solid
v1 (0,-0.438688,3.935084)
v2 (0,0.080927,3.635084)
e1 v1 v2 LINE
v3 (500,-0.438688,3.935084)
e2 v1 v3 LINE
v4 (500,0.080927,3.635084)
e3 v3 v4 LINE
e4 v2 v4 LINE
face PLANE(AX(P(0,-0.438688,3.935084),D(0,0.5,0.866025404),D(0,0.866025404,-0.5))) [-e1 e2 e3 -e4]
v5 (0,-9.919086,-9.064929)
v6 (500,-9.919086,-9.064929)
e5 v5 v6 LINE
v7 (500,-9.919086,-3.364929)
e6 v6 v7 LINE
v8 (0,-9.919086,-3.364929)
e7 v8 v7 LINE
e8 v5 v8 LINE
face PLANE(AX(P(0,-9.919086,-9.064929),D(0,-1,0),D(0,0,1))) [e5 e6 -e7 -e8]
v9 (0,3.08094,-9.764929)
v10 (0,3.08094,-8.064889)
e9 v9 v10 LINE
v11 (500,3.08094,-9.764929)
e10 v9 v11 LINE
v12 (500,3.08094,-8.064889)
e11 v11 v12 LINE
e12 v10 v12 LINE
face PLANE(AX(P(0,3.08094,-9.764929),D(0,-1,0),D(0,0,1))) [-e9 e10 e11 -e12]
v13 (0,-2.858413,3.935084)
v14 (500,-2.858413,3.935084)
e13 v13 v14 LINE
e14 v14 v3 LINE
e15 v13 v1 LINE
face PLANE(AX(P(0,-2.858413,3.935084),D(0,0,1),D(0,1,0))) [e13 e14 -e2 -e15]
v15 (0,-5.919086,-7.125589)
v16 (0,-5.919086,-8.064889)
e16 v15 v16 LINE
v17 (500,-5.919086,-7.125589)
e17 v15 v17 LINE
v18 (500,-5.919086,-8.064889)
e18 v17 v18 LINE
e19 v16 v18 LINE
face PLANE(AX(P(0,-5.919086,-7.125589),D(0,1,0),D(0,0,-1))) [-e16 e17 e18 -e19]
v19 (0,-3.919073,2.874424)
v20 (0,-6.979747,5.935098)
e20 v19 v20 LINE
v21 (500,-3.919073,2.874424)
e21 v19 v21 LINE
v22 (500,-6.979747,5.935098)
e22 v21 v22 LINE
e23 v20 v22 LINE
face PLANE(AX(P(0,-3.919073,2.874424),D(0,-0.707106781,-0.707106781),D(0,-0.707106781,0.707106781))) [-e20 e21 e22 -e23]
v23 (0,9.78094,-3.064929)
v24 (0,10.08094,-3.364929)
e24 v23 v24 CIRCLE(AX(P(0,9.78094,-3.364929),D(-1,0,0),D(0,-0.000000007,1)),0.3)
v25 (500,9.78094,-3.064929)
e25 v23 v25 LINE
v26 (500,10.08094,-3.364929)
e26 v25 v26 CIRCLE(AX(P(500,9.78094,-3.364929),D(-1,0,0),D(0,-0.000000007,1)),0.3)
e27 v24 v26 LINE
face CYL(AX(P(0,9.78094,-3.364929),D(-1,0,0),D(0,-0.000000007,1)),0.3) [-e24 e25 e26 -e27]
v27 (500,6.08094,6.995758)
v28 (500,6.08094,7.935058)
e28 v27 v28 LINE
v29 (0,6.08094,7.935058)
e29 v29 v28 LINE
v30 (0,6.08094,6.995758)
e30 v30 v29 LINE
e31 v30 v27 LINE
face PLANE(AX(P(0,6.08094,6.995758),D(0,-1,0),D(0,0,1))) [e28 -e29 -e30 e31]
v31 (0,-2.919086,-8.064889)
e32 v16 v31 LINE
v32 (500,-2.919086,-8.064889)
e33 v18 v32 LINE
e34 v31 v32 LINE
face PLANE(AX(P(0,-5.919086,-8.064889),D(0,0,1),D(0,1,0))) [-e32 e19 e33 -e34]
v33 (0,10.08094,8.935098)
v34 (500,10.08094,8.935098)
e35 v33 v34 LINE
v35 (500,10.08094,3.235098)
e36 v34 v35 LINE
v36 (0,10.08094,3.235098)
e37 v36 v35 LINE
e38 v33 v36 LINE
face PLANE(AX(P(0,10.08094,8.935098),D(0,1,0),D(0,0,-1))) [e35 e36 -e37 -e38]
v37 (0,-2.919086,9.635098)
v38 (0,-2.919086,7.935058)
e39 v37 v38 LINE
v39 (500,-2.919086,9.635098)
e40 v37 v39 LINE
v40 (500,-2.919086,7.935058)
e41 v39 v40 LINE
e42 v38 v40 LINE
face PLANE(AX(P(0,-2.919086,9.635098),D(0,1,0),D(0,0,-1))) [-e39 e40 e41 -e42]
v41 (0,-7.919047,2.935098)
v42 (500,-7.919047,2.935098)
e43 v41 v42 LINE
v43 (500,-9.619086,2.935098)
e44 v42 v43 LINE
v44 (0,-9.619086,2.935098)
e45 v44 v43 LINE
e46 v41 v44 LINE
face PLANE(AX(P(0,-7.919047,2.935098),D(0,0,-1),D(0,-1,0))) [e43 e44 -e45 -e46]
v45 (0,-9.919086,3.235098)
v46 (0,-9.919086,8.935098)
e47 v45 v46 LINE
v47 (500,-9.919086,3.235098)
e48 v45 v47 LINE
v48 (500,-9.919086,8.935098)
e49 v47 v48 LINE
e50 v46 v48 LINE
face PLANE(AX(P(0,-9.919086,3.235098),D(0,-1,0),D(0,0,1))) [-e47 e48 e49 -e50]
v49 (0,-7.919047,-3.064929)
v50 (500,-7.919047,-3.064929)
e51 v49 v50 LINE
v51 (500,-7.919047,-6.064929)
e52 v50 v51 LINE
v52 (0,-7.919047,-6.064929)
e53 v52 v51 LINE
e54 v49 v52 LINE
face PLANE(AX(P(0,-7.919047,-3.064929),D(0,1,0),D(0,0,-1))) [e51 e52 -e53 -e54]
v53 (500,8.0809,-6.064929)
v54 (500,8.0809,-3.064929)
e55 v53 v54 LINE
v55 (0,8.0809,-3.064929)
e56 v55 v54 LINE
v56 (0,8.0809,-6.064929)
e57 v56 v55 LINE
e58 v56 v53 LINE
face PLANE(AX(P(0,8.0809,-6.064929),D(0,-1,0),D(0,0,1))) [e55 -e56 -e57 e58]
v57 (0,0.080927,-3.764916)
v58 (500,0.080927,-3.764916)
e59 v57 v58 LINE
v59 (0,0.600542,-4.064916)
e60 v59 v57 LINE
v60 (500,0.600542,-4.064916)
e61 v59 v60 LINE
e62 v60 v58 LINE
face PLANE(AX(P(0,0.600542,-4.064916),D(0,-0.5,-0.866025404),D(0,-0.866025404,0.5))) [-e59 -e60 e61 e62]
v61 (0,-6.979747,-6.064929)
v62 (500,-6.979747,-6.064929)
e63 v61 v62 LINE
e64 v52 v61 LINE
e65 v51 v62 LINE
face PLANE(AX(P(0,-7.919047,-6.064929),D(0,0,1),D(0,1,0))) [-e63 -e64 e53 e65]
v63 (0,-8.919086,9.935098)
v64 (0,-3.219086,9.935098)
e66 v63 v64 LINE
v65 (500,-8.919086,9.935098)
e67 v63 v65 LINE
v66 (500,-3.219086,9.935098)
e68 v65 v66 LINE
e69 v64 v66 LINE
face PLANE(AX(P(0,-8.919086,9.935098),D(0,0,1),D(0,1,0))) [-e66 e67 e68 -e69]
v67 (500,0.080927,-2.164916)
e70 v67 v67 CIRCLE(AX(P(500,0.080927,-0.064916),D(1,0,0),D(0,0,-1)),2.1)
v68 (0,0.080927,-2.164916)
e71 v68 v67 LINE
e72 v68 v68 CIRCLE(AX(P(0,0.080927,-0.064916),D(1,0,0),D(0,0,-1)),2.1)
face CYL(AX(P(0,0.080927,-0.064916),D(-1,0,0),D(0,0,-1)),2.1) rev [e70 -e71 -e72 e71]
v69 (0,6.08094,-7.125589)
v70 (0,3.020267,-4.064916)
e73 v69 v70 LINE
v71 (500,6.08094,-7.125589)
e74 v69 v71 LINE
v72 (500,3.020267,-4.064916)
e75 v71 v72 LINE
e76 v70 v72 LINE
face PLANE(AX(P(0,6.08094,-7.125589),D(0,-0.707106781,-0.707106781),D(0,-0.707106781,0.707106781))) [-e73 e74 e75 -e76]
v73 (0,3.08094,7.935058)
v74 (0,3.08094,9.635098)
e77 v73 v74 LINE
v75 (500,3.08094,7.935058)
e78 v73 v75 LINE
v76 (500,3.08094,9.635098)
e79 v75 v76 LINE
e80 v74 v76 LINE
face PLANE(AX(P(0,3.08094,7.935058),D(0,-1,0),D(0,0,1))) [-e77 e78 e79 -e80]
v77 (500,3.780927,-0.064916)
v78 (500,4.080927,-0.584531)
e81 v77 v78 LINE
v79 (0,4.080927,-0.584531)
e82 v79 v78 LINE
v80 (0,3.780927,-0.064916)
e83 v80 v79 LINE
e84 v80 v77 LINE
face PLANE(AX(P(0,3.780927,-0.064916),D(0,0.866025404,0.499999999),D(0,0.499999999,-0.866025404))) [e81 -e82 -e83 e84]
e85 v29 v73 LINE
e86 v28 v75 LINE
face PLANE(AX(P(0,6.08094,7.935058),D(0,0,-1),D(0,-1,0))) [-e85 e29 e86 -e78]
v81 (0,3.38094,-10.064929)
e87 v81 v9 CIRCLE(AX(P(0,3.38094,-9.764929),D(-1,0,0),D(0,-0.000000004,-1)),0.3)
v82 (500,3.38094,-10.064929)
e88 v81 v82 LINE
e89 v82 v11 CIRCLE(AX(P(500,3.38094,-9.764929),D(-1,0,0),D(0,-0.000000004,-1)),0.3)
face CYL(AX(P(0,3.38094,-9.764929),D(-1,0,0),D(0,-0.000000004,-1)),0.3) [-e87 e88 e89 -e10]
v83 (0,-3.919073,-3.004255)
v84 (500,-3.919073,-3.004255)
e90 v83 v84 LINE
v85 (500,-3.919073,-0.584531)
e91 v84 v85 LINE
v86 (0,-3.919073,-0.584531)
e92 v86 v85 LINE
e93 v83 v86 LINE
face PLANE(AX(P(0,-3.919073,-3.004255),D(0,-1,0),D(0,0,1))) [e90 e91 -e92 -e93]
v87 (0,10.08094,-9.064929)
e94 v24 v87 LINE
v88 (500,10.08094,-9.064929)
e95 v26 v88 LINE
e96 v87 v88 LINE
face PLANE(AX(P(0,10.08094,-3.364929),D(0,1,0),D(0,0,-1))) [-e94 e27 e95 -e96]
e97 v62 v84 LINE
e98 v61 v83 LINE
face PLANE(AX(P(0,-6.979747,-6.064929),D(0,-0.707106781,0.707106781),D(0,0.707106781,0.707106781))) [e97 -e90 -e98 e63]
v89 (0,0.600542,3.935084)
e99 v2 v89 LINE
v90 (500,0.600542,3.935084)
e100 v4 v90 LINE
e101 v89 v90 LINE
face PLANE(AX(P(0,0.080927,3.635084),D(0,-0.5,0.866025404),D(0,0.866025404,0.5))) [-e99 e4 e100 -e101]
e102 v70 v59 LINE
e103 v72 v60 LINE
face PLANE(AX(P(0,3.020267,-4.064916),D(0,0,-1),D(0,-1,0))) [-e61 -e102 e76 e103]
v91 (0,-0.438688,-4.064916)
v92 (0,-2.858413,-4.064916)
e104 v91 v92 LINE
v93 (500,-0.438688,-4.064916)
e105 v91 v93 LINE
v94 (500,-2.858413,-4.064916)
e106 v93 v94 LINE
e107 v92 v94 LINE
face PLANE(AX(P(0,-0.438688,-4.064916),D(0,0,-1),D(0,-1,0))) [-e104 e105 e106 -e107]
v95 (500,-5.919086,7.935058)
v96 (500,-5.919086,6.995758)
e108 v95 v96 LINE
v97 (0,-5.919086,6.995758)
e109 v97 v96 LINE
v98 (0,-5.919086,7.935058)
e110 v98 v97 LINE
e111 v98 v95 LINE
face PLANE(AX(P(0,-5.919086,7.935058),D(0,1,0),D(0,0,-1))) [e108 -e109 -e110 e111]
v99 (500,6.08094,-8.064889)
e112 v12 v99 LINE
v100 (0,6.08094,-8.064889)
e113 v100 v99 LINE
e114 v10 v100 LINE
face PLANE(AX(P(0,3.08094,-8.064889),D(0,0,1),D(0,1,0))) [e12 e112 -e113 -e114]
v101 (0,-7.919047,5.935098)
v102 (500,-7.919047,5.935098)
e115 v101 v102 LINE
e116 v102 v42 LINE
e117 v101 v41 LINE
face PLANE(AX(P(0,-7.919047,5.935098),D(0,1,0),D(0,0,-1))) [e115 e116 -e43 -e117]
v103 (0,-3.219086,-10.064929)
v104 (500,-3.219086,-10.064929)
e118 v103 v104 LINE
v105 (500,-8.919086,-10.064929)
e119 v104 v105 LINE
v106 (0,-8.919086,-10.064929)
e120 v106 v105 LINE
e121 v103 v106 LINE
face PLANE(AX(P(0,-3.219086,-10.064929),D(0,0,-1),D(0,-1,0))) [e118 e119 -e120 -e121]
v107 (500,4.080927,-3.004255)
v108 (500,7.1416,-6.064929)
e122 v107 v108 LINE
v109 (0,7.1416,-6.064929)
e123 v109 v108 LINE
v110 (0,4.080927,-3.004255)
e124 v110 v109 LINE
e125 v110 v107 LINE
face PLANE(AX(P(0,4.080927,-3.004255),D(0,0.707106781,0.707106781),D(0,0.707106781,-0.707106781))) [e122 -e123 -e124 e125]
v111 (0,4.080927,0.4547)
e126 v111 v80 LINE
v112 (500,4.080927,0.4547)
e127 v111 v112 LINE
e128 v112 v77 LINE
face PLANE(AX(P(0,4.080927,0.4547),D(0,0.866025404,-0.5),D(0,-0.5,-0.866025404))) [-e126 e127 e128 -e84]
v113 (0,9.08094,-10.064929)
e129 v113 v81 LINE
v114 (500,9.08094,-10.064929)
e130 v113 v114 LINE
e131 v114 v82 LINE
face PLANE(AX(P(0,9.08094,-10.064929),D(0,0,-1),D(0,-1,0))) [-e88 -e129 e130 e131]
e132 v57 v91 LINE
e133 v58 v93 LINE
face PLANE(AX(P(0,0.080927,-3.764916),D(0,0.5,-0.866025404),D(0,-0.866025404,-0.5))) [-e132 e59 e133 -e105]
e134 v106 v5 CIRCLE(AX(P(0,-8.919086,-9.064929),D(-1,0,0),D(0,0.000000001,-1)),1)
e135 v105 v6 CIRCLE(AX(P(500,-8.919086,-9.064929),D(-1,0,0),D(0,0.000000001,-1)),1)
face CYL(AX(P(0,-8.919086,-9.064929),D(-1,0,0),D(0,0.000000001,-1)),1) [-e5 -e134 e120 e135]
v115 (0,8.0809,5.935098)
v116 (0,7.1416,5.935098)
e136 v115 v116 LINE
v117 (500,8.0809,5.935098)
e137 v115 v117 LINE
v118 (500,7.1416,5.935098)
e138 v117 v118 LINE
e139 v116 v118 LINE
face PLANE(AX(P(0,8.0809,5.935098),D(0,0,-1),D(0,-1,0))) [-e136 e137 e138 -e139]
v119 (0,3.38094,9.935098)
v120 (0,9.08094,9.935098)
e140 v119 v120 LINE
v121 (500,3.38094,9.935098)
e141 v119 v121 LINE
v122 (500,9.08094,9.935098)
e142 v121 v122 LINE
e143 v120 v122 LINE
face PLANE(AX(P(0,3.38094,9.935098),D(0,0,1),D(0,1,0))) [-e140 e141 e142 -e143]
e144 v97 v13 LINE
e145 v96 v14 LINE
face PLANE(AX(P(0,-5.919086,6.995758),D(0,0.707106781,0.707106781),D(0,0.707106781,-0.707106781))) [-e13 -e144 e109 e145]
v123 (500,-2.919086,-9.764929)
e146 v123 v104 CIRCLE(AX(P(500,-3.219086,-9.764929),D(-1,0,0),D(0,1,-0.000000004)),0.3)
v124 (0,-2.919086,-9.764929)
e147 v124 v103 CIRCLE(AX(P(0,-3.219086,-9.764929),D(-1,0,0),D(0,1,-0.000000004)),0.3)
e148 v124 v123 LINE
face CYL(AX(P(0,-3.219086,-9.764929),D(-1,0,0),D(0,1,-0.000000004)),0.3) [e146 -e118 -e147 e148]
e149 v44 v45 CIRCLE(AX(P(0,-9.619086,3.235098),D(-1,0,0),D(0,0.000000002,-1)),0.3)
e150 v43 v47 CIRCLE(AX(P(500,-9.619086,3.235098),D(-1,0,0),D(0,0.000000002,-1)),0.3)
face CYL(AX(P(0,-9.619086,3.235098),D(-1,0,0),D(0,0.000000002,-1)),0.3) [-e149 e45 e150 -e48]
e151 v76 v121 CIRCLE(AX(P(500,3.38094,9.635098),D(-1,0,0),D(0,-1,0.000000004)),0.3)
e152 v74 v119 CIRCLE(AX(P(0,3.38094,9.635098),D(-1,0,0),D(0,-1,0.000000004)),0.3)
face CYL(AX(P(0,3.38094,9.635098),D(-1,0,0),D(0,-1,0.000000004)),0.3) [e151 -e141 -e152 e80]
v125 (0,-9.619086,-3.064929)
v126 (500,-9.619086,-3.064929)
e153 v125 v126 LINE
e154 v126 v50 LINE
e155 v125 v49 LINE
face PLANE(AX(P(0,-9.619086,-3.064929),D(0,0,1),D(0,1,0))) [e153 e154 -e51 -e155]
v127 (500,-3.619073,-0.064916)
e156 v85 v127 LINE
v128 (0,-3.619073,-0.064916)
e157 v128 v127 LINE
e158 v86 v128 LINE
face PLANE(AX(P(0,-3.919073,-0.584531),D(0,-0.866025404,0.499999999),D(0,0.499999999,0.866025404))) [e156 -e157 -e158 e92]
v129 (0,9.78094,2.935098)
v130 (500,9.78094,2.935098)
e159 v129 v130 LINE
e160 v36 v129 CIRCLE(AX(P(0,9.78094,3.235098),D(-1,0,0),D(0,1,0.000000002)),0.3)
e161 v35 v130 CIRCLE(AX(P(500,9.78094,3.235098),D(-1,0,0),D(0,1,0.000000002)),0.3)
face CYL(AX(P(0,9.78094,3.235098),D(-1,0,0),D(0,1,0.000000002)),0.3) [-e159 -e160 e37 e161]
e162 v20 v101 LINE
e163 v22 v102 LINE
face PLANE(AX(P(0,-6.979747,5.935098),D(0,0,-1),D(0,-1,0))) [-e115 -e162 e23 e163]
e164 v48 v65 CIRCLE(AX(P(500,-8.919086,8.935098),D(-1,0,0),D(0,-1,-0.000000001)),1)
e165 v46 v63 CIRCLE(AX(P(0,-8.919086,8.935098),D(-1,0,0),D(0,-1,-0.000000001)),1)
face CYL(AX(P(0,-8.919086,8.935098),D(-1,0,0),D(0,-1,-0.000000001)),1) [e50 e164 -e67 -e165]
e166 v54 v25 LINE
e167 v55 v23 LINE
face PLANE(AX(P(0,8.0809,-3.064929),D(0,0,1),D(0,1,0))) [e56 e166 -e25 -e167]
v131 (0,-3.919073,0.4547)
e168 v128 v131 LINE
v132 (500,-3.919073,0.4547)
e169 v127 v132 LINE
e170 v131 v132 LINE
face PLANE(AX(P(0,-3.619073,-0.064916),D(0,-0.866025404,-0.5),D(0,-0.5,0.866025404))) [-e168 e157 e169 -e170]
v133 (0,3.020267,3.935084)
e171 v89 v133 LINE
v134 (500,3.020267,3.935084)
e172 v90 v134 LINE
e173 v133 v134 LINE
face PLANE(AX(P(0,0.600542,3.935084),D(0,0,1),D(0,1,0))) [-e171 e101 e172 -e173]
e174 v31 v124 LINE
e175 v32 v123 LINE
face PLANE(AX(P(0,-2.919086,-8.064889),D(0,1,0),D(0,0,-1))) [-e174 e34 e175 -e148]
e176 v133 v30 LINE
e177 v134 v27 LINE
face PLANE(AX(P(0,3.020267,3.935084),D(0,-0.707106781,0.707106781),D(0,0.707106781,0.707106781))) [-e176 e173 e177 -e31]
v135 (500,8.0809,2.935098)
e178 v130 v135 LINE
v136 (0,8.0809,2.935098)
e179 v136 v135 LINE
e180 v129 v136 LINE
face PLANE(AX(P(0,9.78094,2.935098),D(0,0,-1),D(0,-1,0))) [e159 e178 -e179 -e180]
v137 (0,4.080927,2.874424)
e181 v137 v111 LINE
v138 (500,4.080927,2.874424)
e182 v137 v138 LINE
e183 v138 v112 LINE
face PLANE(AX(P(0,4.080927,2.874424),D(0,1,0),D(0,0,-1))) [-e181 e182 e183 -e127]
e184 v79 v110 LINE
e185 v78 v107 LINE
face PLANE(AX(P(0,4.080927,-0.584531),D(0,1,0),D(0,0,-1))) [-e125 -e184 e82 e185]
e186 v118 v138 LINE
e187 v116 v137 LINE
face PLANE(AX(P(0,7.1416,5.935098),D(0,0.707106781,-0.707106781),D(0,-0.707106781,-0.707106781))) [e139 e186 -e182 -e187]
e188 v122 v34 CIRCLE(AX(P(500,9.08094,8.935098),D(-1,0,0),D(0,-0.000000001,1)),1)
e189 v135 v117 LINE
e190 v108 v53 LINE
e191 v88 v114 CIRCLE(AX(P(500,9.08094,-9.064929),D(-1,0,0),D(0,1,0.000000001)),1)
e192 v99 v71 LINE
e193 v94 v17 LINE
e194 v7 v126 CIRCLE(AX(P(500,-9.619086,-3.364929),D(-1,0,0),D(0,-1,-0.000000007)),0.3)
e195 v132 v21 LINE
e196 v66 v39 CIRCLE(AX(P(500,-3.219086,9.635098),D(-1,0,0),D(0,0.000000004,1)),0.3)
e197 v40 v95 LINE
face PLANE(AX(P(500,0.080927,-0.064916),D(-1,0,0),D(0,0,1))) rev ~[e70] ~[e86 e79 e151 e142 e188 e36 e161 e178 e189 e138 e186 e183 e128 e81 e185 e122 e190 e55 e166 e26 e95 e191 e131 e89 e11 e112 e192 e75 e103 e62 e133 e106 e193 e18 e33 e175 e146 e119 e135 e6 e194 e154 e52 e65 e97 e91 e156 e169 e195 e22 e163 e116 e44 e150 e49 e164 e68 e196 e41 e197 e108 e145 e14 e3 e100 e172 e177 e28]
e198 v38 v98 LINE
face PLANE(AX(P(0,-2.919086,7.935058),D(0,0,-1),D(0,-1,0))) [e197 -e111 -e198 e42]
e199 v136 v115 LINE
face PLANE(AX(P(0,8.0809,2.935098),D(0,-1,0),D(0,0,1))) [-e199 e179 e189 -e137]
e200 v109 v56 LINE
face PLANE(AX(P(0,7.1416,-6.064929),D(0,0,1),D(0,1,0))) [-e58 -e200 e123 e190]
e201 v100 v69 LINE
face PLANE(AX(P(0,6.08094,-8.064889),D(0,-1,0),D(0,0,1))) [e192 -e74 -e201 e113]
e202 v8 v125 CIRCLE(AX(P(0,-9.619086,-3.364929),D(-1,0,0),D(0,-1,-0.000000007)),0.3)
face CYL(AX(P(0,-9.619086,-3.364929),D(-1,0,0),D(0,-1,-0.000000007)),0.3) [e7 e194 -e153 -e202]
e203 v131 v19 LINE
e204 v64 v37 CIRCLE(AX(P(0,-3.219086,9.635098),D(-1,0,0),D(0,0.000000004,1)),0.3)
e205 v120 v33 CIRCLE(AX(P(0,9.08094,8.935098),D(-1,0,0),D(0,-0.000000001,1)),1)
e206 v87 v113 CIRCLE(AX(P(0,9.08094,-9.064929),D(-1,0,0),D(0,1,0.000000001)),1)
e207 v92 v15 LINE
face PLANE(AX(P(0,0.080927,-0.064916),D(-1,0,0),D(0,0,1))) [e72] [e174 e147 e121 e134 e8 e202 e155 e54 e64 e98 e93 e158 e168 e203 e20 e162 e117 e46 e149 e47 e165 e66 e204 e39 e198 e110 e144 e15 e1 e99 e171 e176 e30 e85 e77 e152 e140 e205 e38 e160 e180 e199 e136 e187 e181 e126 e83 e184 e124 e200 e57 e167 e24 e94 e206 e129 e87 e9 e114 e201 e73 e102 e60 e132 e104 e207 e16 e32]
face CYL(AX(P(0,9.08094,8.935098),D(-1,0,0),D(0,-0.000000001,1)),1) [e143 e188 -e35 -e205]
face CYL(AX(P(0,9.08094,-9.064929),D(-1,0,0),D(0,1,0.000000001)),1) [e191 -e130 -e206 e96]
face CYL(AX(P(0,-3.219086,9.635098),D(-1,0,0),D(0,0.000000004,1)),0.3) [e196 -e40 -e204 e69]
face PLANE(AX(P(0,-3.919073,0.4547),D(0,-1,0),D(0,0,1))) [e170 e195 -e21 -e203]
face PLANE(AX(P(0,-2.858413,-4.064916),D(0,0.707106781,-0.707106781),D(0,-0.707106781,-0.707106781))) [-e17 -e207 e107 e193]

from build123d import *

# Parameters (mm, degrees)
SKETCH1_R           = 2.1
BOSS_EXTRUDE1_DEPTH = 500


with BuildPart() as part:
    # Sketch1 → Boss-Extrude1 (new body)
    with BuildSketch(Plane(origin=(0, 0, 0), x_dir=(0, 0, -1), z_dir=(1, 0, 0))):
        with BuildLine():
            Line((-9.935097613, 3.380939919), (-9.935097613, 9.080939919))
            ThreePointArc((-9.935097613, 9.080939919), (-9.642204394, 9.788046701), (-8.935097613, 10.080939919))
            Line((-8.935097613, 10.080939919), (-3.235097613, 10.080939919))
            ThreePointArc((-3.235097613, 10.080939919), (-3.022965579, 9.993071954), (-2.935097613, 9.780939919))
            Line((-2.935097613, 9.780939919), (-2.935097613, 8.080900091))
            Line((-2.935097613, 8.080900091), (-5.935097613, 8.080900091))
            Line((-5.935097613, 8.080900091), (-5.935097613, 7.141600091))
            Line((-5.935097613, 7.141600091), (-2.874424271, 4.080926749))
            Line((-2.874424271, 4.080926749), (-0.454699685, 4.080926749))
            Line((-0.454699685, 4.080926749), (0.064915557, 3.780926749))
            Line((0.064915557, 3.780926749), (0.5845308, 4.080926749))
            Line((0.5845308, 4.080926749), (3.004255385, 4.080926749))
            Line((3.004255385, 4.080926749), (6.064928728, 7.141600091))
            Line((6.064928728, 7.141600091), (6.064928728, 8.080900091))
            Line((6.064928728, 8.080900091), (3.064928728, 8.080900091))
            Line((3.064928728, 8.080900091), (3.064928728, 9.780939919))
            ThreePointArc((3.064928728, 9.780939919), (3.152796693, 9.993071954), (3.364928728, 10.080939919))
            Line((3.364928728, 10.080939919), (9.064928728, 10.080939919))
            ThreePointArc((9.064928728, 10.080939919), (9.772035509, 9.788046701), (10.064928728, 9.080939919))
            Line((10.064928728, 9.080939919), (10.064928728, 3.380939919))
            ThreePointArc((10.064928728, 3.380939919), (9.977060762, 3.168807885), (9.764928728, 3.080939919))
            Line((9.764928728, 3.080939919), (8.064888899, 3.080939919))
            Line((8.064888899, 3.080939919), (8.064888899, 6.080939919))
            Line((8.064888899, 6.080939919), (7.125588899, 6.080939919))
            Line((7.125588899, 6.080939919), (4.064915557, 3.020266577))
            Line((4.064915557, 3.020266577), (4.064915557, 0.600541991))
            Line((4.064915557, 0.600541991), (3.764915557, 0.080926749))
            Line((3.764915557, 0.080926749), (4.064915557, -0.438688493))
            Line((4.064915557, -0.438688493), (4.064915557, -2.858413079))
            Line((4.064915557, -2.858413079), (7.125588899, -5.919086421))
            Line((7.125588899, -5.919086421), (8.064888899, -5.919086421))
            Line((8.064888899, -5.919086421), (8.064888899, -2.919086421))
            Line((8.064888899, -2.919086421), (9.764928728, -2.919086421))
            ThreePointArc((9.764928728, -2.919086421), (9.977060762, -3.006954387), (10.064928728, -3.219086421))
            Line((10.064928728, -3.219086421), (10.064928728, -8.919086421))
            ThreePointArc((10.064928728, -8.919086421), (9.772035509, -9.626193203), (9.064928728, -9.919086421))
            Line((9.064928728, -9.919086421), (3.364928728, -9.919086421))
            ThreePointArc((3.364928728, -9.919086421), (3.152796693, -9.831218456), (3.064928728, -9.619086421))
            Line((3.064928728, -9.619086421), (3.064928728, -7.919046593))
            Line((3.064928728, -7.919046593), (6.064928728, -7.919046593))
            Line((6.064928728, -7.919046593), (6.064928728, -6.979746593))
            Line((6.064928728, -6.979746593), (3.004255385, -3.919073251))
            Line((3.004255385, -3.919073251), (0.5845308, -3.919073251))
            Line((0.5845308, -3.919073251), (0.064915557, -3.619073251))
            Line((0.064915557, -3.619073251), (-0.454699685, -3.919073251))
            Line((-0.454699685, -3.919073251), (-2.874424271, -3.919073251))
            Line((-2.874424271, -3.919073251), (-5.935097613, -6.979746593))
            Line((-5.935097613, -6.979746593), (-5.935097613, -7.919046593))
            Line((-5.935097613, -7.919046593), (-2.935097613, -7.919046593))
            Line((-2.935097613, -7.919046593), (-2.935097613, -9.619086421))
            ThreePointArc((-2.935097613, -9.619086421), (-3.022965579, -9.831218456), (-3.235097613, -9.919086421))
            Line((-3.235097613, -9.919086421), (-8.935097613, -9.919086421))
            ThreePointArc((-8.935097613, -9.919086421), (-9.642204394, -9.626193203), (-9.935097613, -8.919086421))
            Line((-9.935097613, -8.919086421), (-9.935097613, -3.219086421))
            ThreePointArc((-9.935097613, -3.219086421), (-9.847229647, -3.006954387), (-9.635097613, -2.919086421))
            Line((-9.635097613, -2.919086421), (-7.935057785, -2.919086421))
            Line((-7.935057785, -2.919086421), (-7.935057785, -5.919086421))
            Line((-7.935057785, -5.919086421), (-6.995757785, -5.919086421))
            Line((-6.995757785, -5.919086421), (-3.935084443, -2.858413079))
            Line((-3.935084443, -2.858413079), (-3.935084443, -0.438688493))
            Line((-3.935084443, -0.438688493), (-3.635084443, 0.080926749))
            Line((-3.635084443, 0.080926749), (-3.935084443, 0.600541991))
            Line((-3.935084443, 0.600541991), (-3.935084443, 3.020266577))
            Line((-3.935084443, 3.020266577), (-6.995757785, 6.080939919))
            Line((-6.995757785, 6.080939919), (-7.935057785, 6.080939919))
            Line((-7.935057785, 6.080939919), (-7.935057785, 3.080939919))
            Line((-7.935057785, 3.080939919), (-9.635097613, 3.080939919))
            ThreePointArc((-9.635097613, 3.080939919), (-9.847229647, 3.168807885), (-9.935097613, 3.380939919))
        make_face()
        with Locations((0.064915557, 0.080926749)):
            Circle(SKETCH1_R, mode=Mode.SUBTRACT)
    extrude(amount=BOSS_EXTRUDE1_DEPTH)


solid = part.part
